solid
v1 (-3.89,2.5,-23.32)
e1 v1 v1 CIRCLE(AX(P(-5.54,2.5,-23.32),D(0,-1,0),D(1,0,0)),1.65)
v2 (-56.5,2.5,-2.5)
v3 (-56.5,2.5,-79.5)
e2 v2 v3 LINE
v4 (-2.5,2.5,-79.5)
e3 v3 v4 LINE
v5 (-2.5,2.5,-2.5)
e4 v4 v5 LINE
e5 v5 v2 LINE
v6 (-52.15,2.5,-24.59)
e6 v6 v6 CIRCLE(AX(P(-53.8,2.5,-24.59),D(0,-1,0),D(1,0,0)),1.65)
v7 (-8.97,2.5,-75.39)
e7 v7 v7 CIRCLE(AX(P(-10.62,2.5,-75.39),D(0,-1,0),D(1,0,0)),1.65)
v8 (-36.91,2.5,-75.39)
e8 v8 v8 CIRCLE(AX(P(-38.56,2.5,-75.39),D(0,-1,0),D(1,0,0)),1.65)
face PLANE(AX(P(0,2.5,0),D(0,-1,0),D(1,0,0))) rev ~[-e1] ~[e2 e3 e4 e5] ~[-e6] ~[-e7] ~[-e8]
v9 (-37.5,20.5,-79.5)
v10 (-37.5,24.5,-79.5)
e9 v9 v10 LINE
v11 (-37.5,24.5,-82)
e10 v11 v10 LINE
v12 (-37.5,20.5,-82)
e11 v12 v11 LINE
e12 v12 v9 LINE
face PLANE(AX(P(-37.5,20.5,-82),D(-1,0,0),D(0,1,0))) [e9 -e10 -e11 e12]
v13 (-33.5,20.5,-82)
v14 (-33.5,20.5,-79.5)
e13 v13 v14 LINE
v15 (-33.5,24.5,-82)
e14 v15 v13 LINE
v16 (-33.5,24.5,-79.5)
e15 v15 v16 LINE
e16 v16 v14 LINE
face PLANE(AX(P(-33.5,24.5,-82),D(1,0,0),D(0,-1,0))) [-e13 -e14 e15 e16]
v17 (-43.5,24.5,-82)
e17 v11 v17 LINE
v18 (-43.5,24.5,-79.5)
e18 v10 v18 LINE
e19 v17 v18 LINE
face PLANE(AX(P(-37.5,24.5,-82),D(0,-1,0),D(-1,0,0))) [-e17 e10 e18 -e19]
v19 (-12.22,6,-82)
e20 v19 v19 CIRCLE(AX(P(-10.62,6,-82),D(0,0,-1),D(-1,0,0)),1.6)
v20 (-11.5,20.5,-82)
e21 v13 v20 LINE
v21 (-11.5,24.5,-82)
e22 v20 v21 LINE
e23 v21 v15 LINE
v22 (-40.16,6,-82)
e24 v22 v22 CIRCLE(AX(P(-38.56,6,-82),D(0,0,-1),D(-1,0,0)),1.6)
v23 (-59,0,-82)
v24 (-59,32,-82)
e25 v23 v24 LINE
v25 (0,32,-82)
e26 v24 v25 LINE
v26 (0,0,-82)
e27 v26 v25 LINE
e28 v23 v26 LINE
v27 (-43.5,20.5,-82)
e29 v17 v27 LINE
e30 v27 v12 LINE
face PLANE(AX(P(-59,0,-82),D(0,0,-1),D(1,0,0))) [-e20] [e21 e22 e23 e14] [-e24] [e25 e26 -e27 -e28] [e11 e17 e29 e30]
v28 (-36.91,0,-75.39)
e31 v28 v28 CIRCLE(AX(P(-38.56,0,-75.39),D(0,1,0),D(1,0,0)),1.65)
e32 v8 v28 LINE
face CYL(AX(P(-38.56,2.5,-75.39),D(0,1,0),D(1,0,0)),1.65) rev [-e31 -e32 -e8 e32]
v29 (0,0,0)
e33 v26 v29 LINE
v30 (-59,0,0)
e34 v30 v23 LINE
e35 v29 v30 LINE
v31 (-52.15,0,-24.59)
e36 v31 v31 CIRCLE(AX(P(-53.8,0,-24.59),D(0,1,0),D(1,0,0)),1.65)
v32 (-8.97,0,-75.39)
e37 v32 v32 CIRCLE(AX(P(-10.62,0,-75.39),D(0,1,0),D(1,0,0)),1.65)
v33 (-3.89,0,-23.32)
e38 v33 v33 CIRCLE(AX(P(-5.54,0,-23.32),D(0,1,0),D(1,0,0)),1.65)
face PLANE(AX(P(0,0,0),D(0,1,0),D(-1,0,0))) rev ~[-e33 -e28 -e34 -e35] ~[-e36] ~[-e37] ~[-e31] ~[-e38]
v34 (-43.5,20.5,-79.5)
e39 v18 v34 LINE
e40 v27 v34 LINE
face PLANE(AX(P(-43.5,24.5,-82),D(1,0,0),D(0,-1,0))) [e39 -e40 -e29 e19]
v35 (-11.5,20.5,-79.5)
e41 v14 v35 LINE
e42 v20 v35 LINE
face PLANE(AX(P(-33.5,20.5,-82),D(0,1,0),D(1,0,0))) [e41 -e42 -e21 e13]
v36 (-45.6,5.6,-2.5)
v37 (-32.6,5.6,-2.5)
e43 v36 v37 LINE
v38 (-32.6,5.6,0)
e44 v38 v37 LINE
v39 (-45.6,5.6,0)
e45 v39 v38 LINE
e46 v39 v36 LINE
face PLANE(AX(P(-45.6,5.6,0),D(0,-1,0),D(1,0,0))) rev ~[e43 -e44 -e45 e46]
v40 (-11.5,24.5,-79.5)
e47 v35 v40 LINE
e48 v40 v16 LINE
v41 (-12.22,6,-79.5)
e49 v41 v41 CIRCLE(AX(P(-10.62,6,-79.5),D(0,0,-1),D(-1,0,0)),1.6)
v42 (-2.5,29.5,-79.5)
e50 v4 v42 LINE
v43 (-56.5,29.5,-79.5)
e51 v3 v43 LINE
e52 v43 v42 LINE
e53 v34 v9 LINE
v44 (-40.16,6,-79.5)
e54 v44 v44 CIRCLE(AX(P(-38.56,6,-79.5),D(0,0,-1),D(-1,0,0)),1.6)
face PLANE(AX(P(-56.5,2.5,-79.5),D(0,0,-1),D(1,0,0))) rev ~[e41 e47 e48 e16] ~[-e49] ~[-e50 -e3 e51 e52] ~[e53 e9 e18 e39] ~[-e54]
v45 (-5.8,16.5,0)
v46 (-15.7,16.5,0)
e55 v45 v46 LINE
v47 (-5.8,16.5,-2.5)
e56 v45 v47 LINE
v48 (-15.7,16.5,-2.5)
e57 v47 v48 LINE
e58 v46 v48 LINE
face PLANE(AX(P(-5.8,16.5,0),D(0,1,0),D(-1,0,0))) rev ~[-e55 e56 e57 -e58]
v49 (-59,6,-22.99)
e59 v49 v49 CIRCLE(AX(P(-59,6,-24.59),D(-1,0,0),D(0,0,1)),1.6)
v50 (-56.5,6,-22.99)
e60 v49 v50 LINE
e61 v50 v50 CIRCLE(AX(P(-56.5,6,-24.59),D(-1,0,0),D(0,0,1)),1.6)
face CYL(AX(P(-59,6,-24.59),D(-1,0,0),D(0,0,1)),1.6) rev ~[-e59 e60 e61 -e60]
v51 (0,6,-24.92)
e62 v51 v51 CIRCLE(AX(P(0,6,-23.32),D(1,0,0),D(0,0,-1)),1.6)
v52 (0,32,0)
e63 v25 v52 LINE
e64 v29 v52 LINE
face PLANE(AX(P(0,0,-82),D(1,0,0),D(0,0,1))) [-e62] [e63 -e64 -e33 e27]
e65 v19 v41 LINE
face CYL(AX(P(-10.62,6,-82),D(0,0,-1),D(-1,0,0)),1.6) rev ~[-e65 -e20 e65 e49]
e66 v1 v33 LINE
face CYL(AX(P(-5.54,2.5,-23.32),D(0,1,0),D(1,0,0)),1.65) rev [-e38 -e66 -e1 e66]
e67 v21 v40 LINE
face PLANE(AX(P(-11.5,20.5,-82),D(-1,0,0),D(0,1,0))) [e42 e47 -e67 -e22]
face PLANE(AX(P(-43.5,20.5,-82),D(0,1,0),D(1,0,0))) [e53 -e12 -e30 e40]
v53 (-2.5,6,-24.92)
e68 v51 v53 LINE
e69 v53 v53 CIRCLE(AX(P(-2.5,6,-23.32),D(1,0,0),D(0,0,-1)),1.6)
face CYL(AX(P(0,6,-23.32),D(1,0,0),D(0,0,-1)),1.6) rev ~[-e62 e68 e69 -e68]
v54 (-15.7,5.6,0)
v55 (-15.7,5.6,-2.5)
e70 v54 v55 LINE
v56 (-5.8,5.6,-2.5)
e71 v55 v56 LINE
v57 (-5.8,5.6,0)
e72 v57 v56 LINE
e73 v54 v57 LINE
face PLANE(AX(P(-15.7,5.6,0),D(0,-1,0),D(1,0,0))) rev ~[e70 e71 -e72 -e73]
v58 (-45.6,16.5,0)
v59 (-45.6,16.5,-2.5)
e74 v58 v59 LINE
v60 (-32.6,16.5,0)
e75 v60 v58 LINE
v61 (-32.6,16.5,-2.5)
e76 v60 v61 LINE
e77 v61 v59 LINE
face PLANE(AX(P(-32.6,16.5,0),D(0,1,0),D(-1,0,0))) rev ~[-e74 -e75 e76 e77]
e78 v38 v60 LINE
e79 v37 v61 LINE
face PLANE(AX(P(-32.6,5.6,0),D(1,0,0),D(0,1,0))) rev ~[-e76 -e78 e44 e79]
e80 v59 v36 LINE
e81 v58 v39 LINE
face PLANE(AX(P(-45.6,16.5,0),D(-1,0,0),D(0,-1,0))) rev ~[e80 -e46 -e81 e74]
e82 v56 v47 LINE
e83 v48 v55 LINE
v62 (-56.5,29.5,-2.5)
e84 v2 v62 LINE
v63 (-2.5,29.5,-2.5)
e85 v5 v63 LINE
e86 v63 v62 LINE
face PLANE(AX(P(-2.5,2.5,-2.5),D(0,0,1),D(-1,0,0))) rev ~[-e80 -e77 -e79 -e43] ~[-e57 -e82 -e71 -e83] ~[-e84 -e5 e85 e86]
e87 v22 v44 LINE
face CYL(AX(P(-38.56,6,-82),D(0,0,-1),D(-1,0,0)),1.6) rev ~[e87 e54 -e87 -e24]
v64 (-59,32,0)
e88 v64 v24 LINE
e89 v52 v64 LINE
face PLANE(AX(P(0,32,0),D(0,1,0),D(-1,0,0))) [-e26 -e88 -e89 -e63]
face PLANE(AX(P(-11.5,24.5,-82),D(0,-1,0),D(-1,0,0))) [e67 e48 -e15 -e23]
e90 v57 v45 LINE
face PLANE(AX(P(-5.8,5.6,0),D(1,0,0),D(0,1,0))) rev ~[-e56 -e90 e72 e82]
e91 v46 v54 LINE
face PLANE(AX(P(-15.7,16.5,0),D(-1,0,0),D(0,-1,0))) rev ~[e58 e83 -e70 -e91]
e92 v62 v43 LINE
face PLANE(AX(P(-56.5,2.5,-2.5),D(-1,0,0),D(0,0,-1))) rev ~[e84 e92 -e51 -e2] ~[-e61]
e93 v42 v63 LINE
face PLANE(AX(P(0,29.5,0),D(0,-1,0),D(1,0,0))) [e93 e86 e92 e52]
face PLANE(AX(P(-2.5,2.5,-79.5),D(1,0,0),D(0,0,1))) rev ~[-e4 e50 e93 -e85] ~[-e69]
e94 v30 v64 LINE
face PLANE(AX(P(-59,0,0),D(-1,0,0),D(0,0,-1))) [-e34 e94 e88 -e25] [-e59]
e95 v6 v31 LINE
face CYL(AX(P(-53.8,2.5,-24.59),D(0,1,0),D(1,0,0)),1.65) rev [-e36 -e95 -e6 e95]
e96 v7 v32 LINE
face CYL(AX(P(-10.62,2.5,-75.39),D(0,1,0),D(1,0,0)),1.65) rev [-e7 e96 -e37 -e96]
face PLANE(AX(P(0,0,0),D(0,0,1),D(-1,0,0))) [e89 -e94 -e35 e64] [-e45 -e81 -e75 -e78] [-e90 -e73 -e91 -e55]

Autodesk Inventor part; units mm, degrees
ref_plane "YZ Plane" through (0, 0, 0) normal (1, 0, 0) x (0, 1, 0)
ref_plane "XZ Plane" through (0, 0, 0) normal (0, 1, 0) x (-1, 0, 0)
sketch "Sketch1" plane through (0, 0, 0) normal (0, 1, 0) x (-1, 0, 0)
  line L0 (0, 0) -> (59, 0)
  line L1 (59, 0) -> (59, -82)
  line L2 (59, -82) -> (0, -82)
  line L3 (0, -82) -> (0, 0)
  dimension "d0" = 82
  dimension "d1" = 59
extrude "Extrusion1" add sketch "Sketch1" along normal blind 32
ref_plane "Work Plane1" through (0, 2.5, 0) normal (0, -1, 0) x (1, 0, 0)
sketch "Sketch2" plane through (0, 2.5, 0) normal (0, -1, 0) x (1, 0, 0)
  line L0 (-2.5, -2.5) -> (-56.5, -2.5)
  line L1 (-56.5, -2.5) -> (-56.5, -79.5)
  line L2 (-56.5, -79.5) -> (-2.5, -79.5)
  line L3 (-2.5, -79.5) -> (-2.5, -2.5)
  line L4 (0, 0) -> (0, -82) projected
  line L5 (-59, 0) -> (0, 0) projected
  line L6 (-59, -82) -> (-59, 0) projected
  line L7 (0, -82) -> (-59, -82) projected
  dimension "d5" = 2.5
  dimension "d6" = 2.5
  dimension "d7" = 2.5
  dimension "d8" = 2.5
extrude "Extrusion2" cut sketch "Sketch2" against normal blind 27 contours L3 L2 L1 L0
sketch "Sketch3" plane through (0, 2.5, 0) normal (0, -1, 0) x (1, 0, 0)
  line L0 (-3, -3) -> (-56, -3) construction
  line L1 (-56, -3) -> (-56, -79) construction
  line L2 (-56, -79) -> (-3, -79) construction
  line L3 (-3, -79) -> (-3, -3) construction
  line L4 (-2.5, -2.5) -> (-2.5, -79.5) projected
  line L5 (-56.5, -2.5) -> (-2.5, -2.5) projected
  line L6 (-56.5, -79.5) -> (-56.5, -2.5) projected
  line L7 (-2.5, -79.5) -> (-56.5, -79.5) projected
  circle A0 centre (-53.8, -24.59) radius 1.65
  circle A1 centre (-5.54, -23.32) radius 1.65
  circle A2 centre (-38.56, -75.39) radius 1.65
  circle A3 centre (-10.62, -75.39) radius 1.65
  point P0 (0, 0)
  dimension "d11" = 0.5
  dimension "d12" = 0.5
  dimension "d13" = 0.5
  dimension "d14" = 0.5
  dimension "d15" = 3.3
  dimension "d16" = 20.32
  dimension "d17" = 2.54
  dimension "d18" = 7.62
  dimension "d19" = 72.39
  dimension "d20" = 21.59
  dimension "d22" = 50.8
  dimension "d23" = 35.56
  dimension "d24" = 72.39
extrude "Extrusion3" cut sketch "Sketch3" along normal blind 27 contours A0 | A1 | A2 | A3
sketch "Sketch4" plane through (-59, 0, 0) normal (0, 0, 1) x (1, 0, 0)
  line L0 (13.4, 5.6) -> (26.4, 5.6)
  line L1 (26.4, 5.6) -> (26.4, 16.5)
  line L2 (26.4, 16.5) -> (13.4, 16.5)
  line L3 (13.4, 16.5) -> (13.4, 5.6)
  line L4 (43.3, 5.6) -> (53.2, 5.6)
  line L5 (53.2, 5.6) -> (53.2, 16.5)
  line L6 (53.2, 16.5) -> (43.3, 16.5)
  line L7 (43.3, 16.5) -> (43.3, 5.6)
  line L8 (56.5, 2.5) -> (2.5, 2.5) projected
  line L9 (2.5, 2.5) -> (2.5, 29.5) projected
  line L10 (56.5, 2.5) -> (56.5, 29.5) projected
  point P0 (59, 0)
  dimension "d27" = 13
  dimension "d28" = 10.9
  dimension "d29" = 9.9
  dimension "d31" = 14
  dimension "d32" = 10.9
  dimension "d33" = 3.3
extrude "Extrusion4" cut sketch "Sketch4" against normal blind 5
sketch "Sketch5" plane through (0, 0, -82) normal (0, 0, -1) x (-1, 0, 0)
  line L0 (11.5, 24.5) -> (33.5, 24.5)
  line L1 (33.5, 24.5) -> (33.5, 20.5)
  line L2 (33.5, 20.5) -> (11.5, 20.5)
  line L3 (11.5, 20.5) -> (11.5, 24.5)
  line L4 (37.5, 24.5) -> (43.5, 24.5)
  line L5 (43.5, 24.5) -> (43.5, 20.5)
  line L6 (43.5, 20.5) -> (37.5, 20.5)
  line L7 (37.5, 20.5) -> (37.5, 24.5)
  line L8 (56.5, 2.5) -> (2.5, 2.5) projected
  line L9 (2.5, 2.5) -> (2.5, 29.5) projected
  point P0 (0, 0)
  dimension "d36" = 22
  dimension "d37" = 4
  dimension "d38" = 4
  dimension "d39" = 22
  dimension "d40" = 9
  dimension "d41" = 6
  dimension "d42" = 4
extrude "Extrusion5" cut sketch "Sketch5" against normal blind 5
sketch "Sketch6" plane through (-59, 0, -82) normal (-1, 0, 0) x (0, 0, 1)
  circle A0 centre (57.41, 6) radius 1.6
  line L0 (79.5, 2.5) -> (79.5, 29.5) projected
  line L1 (82, 0) -> (0, 0) projected
  dimension "d45" = 3.2
  dimension "d46" = 22.09
  dimension "d47" = 6
sketch "Sketch7" plane through (0, 0, 0) normal (1, 0, 0) x (0, 0, -1)
  circle A0 centre (23.32, 6) radius 1.6
  line L0 (82, 0) -> (0, 0) projected
  line L1 (2.5, 2.5) -> (2.5, 29.5) projected
  dimension "d48" = 6
  dimension "d49" = 20.82
  dimension "d50" = 3.2
sketch "Sketch8" plane through (0, 0, -82) normal (0, 0, -1) x (-1, 0, 0)
  circle A0 centre (10.62, 6) radius 1.6
  circle A1 centre (38.56, 6) radius 1.6
  line L0 (59, 0) -> (0, 0) projected
  line L1 (2.5, 2.5) -> (2.5, 29.5) projected
  dimension "d51" = 3.2
  dimension "d52" = 3.2
  dimension "d53" = 6
  dimension "d54" = 6
  dimension "d55" = 8.12
  dimension "d56" = 36.06
extrude "Extrusion6" cut sketch "Sketch6" against normal blind 5
extrude "Extrusion7" cut sketch "Sketch7" against normal blind 5
extrude "Extrusion8" cut sketch "Sketch8" against normal blind 5
sketch "Sketch9" plane through (-59, 0, 0) normal (0, 0, 1) x (1, 0, 0)
  line L0 (-2.1645, 16) -> (66.4826, 16)
  line L1 (59, 0) -> (0, 0) projected
  dimension "d63" = 16
properties part number "Arduino_Box"
